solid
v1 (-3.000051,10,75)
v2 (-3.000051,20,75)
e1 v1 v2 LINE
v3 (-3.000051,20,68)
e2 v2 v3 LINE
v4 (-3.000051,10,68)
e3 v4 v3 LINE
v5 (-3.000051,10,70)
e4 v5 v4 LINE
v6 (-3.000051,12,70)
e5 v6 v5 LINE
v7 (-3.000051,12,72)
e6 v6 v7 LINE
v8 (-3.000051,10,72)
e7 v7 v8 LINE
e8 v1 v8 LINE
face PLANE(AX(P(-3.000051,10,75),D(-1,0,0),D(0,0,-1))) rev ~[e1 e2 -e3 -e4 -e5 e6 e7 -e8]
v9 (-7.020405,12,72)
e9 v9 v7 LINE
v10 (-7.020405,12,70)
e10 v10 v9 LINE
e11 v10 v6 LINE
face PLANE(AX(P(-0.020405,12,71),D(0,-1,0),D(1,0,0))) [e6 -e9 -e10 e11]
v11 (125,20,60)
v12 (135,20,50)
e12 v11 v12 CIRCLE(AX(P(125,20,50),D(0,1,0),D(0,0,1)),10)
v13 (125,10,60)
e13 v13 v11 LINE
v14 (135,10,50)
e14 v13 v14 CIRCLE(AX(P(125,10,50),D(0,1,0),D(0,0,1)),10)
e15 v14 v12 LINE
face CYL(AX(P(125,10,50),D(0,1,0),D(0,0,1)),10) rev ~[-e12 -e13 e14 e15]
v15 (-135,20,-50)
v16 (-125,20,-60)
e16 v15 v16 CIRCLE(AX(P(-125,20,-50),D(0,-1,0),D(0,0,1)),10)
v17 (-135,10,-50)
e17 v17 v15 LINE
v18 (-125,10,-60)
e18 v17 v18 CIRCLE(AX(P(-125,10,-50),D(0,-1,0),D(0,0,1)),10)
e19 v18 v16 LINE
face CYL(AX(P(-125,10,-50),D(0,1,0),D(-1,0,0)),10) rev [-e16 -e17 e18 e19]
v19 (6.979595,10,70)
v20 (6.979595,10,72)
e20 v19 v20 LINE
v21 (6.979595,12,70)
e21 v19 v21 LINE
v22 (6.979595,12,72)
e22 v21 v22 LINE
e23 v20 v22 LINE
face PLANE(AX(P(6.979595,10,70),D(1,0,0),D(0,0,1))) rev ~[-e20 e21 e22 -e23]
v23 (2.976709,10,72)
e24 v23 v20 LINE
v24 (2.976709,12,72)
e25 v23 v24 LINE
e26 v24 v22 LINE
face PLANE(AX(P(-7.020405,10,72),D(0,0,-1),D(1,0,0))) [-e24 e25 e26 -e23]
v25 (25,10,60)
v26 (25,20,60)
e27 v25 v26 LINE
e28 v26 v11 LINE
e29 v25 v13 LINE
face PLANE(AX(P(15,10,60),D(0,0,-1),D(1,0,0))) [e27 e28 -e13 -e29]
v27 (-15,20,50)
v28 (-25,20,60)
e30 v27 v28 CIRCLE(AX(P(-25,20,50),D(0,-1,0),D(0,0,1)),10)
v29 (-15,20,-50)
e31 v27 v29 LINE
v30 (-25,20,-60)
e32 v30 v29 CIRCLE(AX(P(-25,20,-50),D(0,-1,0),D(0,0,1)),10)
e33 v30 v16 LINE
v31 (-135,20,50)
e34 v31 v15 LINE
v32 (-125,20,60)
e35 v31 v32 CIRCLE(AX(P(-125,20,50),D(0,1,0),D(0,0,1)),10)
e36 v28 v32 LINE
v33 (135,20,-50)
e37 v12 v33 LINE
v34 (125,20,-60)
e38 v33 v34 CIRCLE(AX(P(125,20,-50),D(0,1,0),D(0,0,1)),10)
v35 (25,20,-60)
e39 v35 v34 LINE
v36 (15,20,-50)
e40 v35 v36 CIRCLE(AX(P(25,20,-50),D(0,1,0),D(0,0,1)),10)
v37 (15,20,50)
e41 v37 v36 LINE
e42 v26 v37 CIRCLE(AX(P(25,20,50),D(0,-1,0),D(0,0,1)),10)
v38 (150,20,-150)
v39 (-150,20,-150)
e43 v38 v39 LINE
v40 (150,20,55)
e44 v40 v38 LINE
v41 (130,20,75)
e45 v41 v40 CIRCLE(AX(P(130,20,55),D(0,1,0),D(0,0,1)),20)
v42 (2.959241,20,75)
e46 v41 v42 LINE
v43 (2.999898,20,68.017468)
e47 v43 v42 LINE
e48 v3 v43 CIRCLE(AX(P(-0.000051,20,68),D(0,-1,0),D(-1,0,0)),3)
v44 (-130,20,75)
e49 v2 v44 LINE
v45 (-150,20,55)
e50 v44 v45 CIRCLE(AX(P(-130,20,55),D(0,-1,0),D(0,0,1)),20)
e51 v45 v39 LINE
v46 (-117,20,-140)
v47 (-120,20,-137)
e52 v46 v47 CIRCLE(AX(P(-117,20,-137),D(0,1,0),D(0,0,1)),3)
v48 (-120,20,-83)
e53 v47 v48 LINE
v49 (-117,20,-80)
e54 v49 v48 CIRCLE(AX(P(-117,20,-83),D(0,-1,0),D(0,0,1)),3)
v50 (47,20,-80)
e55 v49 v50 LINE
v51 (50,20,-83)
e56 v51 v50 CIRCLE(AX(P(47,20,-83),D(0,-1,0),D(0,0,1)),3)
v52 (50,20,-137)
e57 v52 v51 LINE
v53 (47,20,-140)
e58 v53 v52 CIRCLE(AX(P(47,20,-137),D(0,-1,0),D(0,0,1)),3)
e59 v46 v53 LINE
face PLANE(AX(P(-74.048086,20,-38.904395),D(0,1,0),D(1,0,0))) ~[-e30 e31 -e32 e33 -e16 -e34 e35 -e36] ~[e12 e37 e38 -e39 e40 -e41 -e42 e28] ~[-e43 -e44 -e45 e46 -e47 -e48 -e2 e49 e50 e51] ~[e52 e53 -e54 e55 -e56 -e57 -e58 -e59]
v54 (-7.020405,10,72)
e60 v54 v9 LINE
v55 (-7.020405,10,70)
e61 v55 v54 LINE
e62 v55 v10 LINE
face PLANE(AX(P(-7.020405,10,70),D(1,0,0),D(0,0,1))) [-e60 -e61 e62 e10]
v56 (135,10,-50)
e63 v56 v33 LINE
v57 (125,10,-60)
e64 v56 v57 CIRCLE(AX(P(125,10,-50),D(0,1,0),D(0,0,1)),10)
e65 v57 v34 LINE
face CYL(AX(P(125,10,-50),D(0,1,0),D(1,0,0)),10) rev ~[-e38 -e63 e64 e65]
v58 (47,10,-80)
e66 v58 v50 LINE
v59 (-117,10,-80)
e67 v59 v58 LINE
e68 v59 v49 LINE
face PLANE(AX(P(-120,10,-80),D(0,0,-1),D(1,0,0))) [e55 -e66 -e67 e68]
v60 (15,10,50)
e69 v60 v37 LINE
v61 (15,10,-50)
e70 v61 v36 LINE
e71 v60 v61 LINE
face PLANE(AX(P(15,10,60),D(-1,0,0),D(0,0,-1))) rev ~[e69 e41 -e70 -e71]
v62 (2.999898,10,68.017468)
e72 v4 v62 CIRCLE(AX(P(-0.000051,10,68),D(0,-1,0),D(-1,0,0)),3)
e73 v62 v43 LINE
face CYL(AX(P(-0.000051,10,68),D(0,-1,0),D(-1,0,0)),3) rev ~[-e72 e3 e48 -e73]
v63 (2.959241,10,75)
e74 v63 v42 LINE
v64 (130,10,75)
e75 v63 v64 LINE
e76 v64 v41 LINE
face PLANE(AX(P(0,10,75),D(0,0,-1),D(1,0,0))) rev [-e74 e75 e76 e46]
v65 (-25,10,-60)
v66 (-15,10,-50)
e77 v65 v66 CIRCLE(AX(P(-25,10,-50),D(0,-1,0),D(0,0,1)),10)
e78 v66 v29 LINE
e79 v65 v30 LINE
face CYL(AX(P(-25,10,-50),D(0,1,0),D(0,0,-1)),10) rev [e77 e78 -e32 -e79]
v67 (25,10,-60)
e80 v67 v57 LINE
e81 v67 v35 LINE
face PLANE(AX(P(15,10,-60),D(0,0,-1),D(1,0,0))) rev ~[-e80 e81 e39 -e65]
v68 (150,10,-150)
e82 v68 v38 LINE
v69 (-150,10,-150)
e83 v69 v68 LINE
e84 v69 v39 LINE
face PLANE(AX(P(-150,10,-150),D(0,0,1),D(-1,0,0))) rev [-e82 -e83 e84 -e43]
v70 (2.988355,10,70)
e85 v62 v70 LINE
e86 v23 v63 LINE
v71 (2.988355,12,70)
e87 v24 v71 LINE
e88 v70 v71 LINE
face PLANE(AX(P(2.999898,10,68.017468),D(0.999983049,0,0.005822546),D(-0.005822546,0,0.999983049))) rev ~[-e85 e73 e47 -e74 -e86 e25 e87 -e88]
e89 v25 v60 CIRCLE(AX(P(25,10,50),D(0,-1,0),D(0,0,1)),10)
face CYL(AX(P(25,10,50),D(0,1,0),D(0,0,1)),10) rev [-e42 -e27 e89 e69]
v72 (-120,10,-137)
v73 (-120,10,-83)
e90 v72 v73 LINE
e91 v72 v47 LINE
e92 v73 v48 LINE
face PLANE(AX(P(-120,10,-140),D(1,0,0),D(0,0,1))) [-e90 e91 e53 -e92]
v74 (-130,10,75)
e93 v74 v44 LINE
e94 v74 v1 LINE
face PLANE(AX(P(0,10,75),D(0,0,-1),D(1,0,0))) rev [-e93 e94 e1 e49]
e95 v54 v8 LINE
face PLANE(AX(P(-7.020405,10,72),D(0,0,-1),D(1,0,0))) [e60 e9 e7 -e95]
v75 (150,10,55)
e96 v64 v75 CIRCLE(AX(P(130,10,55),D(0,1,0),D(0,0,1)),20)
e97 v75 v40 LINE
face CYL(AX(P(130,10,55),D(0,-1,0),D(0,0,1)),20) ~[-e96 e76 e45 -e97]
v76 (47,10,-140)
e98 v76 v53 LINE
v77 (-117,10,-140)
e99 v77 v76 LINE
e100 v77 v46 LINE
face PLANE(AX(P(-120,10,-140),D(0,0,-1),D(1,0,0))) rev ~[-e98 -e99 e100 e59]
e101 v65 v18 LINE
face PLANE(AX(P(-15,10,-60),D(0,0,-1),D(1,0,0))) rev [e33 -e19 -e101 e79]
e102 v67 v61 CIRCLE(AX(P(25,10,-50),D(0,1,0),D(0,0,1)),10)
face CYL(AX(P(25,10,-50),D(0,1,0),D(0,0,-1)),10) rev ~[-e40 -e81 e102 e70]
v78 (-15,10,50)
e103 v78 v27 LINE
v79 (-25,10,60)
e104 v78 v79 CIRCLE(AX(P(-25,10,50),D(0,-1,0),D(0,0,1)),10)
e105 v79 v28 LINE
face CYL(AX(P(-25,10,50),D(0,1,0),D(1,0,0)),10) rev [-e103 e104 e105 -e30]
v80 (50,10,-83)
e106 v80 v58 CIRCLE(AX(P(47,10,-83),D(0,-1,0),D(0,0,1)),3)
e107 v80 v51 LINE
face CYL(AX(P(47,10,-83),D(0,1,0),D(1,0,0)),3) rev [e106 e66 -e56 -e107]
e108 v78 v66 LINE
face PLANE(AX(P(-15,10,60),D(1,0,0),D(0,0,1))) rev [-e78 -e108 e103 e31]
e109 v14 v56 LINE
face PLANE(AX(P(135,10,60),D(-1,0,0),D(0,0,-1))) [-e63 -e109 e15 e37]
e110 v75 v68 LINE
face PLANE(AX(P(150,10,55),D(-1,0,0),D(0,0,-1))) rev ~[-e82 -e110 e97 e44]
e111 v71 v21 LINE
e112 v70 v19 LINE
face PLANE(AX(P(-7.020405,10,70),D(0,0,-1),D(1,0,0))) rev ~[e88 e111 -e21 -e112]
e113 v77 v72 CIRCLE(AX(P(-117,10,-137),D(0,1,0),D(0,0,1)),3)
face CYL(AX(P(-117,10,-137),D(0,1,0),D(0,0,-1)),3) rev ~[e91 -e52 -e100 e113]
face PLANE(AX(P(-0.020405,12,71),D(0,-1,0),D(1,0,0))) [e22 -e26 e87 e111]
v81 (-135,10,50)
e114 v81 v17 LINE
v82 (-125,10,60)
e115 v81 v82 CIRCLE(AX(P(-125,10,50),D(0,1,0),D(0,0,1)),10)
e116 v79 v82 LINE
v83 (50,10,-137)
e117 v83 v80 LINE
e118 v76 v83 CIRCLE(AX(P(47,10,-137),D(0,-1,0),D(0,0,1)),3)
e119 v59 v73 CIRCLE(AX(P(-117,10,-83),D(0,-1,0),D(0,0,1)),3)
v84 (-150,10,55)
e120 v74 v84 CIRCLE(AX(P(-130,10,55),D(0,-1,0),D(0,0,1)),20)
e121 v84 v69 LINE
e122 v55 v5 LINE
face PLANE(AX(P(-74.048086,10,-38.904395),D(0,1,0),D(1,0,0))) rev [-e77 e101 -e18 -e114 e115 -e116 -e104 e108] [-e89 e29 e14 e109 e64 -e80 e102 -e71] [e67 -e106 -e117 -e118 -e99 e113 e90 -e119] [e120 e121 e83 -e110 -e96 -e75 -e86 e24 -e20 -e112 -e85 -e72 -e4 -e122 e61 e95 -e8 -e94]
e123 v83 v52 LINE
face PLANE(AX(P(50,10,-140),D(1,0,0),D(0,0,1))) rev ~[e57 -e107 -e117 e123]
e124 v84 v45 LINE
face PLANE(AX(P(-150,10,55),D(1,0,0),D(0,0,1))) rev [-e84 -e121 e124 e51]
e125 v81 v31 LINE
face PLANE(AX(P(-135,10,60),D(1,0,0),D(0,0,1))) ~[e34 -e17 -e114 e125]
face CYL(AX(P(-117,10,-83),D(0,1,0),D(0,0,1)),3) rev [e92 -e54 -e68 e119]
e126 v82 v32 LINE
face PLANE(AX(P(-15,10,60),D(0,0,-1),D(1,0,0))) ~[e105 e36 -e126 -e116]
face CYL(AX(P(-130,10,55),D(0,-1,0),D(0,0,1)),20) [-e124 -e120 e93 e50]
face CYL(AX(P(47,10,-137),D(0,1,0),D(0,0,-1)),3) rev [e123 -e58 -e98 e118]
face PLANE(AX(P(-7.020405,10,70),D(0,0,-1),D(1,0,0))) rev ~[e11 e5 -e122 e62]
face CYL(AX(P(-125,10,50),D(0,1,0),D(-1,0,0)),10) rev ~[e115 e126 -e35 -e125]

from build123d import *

# Parameters (mm, degrees)
SKIZZE1_W                       = 120
SKIZZE1_H                       = 120
LINEAR_AUSTRAGEN1_DEPTH         = 10
VERRUNDUNG2_R                   = 10
VERRUNDUNG2_OF_SPIEGELN1_R      = 10
SKIZZE3_W                       = 170
SKIZZE3_H                       = 60
SCHNITT_LINEAR_AUSTRAGEN1_DEPTH = 10
VERRUNDUNG3_R                   = 3
SCHNITT_LINEAR_AUSTRAGEN2_DEPTH = 10
SKIZZE5_W                       = 14
SKIZZE5_H                       = 2
SCHNITT_LINEAR_AUSTRAGEN3_DEPTH = 2


with BuildPart() as part:
    # Skizze1 → Linear austragen1 (new body)
    with BuildSketch(Plane(origin=(0, 10, 0), x_dir=(1, 0, 0), z_dir=(0, 1, 0))):
        with BuildLine():
            Line((0, -75), (130, -75))
            ThreePointArc((130, -75), (144.142135624, -69.142135624), (150, -55))
            Line((150, -55), (150, 75))
            Line((150, 75), (150, 150))
            Line((150, 150), (0, 150))
            Line((0, 150), (0, 75))
            Line((0, 75), (0, -75))
        make_face()
        with Locations((75, 0)):
            Rectangle(SKIZZE1_W, SKIZZE1_H, mode=Mode.SUBTRACT)
    linear_austragen1 = extrude(amount=LINEAR_AUSTRAGEN1_DEPTH)

    # Verrundung2
    verrundung2_edges = [part.edges().sort_by_distance(p)[0] for p in [
        (15, 15, -60),
        (15, 15, 60),
        (135, 15, 60),
        (135, 15, -60),
    ]]
    fillet(verrundung2_edges, radius=VERRUNDUNG2_R)

    # Spiegeln1: Linear austragen1 across plane
    add(linear_austragen1.mirror(Plane(origin=(0, 20, -150), x_dir=(0, 0, 1), z_dir=(1, 0, 0))))

    # Verrundung2 of Spiegeln1
    verrundung2_of_spiegeln1_edges = [part.edges().sort_by_distance(p)[0] for p in [
        (-15, 15, -60),
        (-15, 15, 60),
        (-135, 15, 60),
        (-135, 15, -60),
    ]]
    fillet(verrundung2_of_spiegeln1_edges, radius=VERRUNDUNG2_OF_SPIEGELN1_R)

    # Skizze3 → Schnitt-Linear austragen1 (cut)
    with BuildSketch(Plane.XZ.offset(-10)):
        with Locations((-35, -110)):
            Rectangle(SKIZZE3_W, SKIZZE3_H)
    extrude(amount=-SCHNITT_LINEAR_AUSTRAGEN1_DEPTH, mode=Mode.SUBTRACT)

    # Verrundung3
    verrundung3_edges = [part.edges().sort_by_distance(p)[0] for p in [
        (-120, 15, -140),
        (-120, 15, -80),
        (50, 15, -80),
        (50, 15, -140),
    ]]
    fillet(verrundung3_edges, radius=VERRUNDUNG3_R)

    # Skizze4 → Schnitt-Linear austragen2 (cut)
    with BuildSketch(Plane.XZ.offset(-10)):
        with BuildLine():
            Line((-3.000050853, 75), (-3.000050853, 68))
            ThreePointArc((-3.000050853, 68), (0.008683003, 65.000012713), (2.999898294, 68.017467638))
            Line((2.999898294, 68.017467638), (2.959241489, 75))
            Line((2.959241489, 75), (-3.000050853, 75))
        make_face()
    extrude(amount=-SCHNITT_LINEAR_AUSTRAGEN2_DEPTH, mode=Mode.SUBTRACT)

    # Skizze5 → Schnitt-Linear austragen3 (cut)
    with BuildSketch(Plane.XZ.offset(-10)):
        with Locations((-0.020404682, 71)):
            Rectangle(SKIZZE5_W, SKIZZE5_H)
    extrude(amount=-SCHNITT_LINEAR_AUSTRAGEN3_DEPTH, mode=Mode.SUBTRACT)


solid = part.part
